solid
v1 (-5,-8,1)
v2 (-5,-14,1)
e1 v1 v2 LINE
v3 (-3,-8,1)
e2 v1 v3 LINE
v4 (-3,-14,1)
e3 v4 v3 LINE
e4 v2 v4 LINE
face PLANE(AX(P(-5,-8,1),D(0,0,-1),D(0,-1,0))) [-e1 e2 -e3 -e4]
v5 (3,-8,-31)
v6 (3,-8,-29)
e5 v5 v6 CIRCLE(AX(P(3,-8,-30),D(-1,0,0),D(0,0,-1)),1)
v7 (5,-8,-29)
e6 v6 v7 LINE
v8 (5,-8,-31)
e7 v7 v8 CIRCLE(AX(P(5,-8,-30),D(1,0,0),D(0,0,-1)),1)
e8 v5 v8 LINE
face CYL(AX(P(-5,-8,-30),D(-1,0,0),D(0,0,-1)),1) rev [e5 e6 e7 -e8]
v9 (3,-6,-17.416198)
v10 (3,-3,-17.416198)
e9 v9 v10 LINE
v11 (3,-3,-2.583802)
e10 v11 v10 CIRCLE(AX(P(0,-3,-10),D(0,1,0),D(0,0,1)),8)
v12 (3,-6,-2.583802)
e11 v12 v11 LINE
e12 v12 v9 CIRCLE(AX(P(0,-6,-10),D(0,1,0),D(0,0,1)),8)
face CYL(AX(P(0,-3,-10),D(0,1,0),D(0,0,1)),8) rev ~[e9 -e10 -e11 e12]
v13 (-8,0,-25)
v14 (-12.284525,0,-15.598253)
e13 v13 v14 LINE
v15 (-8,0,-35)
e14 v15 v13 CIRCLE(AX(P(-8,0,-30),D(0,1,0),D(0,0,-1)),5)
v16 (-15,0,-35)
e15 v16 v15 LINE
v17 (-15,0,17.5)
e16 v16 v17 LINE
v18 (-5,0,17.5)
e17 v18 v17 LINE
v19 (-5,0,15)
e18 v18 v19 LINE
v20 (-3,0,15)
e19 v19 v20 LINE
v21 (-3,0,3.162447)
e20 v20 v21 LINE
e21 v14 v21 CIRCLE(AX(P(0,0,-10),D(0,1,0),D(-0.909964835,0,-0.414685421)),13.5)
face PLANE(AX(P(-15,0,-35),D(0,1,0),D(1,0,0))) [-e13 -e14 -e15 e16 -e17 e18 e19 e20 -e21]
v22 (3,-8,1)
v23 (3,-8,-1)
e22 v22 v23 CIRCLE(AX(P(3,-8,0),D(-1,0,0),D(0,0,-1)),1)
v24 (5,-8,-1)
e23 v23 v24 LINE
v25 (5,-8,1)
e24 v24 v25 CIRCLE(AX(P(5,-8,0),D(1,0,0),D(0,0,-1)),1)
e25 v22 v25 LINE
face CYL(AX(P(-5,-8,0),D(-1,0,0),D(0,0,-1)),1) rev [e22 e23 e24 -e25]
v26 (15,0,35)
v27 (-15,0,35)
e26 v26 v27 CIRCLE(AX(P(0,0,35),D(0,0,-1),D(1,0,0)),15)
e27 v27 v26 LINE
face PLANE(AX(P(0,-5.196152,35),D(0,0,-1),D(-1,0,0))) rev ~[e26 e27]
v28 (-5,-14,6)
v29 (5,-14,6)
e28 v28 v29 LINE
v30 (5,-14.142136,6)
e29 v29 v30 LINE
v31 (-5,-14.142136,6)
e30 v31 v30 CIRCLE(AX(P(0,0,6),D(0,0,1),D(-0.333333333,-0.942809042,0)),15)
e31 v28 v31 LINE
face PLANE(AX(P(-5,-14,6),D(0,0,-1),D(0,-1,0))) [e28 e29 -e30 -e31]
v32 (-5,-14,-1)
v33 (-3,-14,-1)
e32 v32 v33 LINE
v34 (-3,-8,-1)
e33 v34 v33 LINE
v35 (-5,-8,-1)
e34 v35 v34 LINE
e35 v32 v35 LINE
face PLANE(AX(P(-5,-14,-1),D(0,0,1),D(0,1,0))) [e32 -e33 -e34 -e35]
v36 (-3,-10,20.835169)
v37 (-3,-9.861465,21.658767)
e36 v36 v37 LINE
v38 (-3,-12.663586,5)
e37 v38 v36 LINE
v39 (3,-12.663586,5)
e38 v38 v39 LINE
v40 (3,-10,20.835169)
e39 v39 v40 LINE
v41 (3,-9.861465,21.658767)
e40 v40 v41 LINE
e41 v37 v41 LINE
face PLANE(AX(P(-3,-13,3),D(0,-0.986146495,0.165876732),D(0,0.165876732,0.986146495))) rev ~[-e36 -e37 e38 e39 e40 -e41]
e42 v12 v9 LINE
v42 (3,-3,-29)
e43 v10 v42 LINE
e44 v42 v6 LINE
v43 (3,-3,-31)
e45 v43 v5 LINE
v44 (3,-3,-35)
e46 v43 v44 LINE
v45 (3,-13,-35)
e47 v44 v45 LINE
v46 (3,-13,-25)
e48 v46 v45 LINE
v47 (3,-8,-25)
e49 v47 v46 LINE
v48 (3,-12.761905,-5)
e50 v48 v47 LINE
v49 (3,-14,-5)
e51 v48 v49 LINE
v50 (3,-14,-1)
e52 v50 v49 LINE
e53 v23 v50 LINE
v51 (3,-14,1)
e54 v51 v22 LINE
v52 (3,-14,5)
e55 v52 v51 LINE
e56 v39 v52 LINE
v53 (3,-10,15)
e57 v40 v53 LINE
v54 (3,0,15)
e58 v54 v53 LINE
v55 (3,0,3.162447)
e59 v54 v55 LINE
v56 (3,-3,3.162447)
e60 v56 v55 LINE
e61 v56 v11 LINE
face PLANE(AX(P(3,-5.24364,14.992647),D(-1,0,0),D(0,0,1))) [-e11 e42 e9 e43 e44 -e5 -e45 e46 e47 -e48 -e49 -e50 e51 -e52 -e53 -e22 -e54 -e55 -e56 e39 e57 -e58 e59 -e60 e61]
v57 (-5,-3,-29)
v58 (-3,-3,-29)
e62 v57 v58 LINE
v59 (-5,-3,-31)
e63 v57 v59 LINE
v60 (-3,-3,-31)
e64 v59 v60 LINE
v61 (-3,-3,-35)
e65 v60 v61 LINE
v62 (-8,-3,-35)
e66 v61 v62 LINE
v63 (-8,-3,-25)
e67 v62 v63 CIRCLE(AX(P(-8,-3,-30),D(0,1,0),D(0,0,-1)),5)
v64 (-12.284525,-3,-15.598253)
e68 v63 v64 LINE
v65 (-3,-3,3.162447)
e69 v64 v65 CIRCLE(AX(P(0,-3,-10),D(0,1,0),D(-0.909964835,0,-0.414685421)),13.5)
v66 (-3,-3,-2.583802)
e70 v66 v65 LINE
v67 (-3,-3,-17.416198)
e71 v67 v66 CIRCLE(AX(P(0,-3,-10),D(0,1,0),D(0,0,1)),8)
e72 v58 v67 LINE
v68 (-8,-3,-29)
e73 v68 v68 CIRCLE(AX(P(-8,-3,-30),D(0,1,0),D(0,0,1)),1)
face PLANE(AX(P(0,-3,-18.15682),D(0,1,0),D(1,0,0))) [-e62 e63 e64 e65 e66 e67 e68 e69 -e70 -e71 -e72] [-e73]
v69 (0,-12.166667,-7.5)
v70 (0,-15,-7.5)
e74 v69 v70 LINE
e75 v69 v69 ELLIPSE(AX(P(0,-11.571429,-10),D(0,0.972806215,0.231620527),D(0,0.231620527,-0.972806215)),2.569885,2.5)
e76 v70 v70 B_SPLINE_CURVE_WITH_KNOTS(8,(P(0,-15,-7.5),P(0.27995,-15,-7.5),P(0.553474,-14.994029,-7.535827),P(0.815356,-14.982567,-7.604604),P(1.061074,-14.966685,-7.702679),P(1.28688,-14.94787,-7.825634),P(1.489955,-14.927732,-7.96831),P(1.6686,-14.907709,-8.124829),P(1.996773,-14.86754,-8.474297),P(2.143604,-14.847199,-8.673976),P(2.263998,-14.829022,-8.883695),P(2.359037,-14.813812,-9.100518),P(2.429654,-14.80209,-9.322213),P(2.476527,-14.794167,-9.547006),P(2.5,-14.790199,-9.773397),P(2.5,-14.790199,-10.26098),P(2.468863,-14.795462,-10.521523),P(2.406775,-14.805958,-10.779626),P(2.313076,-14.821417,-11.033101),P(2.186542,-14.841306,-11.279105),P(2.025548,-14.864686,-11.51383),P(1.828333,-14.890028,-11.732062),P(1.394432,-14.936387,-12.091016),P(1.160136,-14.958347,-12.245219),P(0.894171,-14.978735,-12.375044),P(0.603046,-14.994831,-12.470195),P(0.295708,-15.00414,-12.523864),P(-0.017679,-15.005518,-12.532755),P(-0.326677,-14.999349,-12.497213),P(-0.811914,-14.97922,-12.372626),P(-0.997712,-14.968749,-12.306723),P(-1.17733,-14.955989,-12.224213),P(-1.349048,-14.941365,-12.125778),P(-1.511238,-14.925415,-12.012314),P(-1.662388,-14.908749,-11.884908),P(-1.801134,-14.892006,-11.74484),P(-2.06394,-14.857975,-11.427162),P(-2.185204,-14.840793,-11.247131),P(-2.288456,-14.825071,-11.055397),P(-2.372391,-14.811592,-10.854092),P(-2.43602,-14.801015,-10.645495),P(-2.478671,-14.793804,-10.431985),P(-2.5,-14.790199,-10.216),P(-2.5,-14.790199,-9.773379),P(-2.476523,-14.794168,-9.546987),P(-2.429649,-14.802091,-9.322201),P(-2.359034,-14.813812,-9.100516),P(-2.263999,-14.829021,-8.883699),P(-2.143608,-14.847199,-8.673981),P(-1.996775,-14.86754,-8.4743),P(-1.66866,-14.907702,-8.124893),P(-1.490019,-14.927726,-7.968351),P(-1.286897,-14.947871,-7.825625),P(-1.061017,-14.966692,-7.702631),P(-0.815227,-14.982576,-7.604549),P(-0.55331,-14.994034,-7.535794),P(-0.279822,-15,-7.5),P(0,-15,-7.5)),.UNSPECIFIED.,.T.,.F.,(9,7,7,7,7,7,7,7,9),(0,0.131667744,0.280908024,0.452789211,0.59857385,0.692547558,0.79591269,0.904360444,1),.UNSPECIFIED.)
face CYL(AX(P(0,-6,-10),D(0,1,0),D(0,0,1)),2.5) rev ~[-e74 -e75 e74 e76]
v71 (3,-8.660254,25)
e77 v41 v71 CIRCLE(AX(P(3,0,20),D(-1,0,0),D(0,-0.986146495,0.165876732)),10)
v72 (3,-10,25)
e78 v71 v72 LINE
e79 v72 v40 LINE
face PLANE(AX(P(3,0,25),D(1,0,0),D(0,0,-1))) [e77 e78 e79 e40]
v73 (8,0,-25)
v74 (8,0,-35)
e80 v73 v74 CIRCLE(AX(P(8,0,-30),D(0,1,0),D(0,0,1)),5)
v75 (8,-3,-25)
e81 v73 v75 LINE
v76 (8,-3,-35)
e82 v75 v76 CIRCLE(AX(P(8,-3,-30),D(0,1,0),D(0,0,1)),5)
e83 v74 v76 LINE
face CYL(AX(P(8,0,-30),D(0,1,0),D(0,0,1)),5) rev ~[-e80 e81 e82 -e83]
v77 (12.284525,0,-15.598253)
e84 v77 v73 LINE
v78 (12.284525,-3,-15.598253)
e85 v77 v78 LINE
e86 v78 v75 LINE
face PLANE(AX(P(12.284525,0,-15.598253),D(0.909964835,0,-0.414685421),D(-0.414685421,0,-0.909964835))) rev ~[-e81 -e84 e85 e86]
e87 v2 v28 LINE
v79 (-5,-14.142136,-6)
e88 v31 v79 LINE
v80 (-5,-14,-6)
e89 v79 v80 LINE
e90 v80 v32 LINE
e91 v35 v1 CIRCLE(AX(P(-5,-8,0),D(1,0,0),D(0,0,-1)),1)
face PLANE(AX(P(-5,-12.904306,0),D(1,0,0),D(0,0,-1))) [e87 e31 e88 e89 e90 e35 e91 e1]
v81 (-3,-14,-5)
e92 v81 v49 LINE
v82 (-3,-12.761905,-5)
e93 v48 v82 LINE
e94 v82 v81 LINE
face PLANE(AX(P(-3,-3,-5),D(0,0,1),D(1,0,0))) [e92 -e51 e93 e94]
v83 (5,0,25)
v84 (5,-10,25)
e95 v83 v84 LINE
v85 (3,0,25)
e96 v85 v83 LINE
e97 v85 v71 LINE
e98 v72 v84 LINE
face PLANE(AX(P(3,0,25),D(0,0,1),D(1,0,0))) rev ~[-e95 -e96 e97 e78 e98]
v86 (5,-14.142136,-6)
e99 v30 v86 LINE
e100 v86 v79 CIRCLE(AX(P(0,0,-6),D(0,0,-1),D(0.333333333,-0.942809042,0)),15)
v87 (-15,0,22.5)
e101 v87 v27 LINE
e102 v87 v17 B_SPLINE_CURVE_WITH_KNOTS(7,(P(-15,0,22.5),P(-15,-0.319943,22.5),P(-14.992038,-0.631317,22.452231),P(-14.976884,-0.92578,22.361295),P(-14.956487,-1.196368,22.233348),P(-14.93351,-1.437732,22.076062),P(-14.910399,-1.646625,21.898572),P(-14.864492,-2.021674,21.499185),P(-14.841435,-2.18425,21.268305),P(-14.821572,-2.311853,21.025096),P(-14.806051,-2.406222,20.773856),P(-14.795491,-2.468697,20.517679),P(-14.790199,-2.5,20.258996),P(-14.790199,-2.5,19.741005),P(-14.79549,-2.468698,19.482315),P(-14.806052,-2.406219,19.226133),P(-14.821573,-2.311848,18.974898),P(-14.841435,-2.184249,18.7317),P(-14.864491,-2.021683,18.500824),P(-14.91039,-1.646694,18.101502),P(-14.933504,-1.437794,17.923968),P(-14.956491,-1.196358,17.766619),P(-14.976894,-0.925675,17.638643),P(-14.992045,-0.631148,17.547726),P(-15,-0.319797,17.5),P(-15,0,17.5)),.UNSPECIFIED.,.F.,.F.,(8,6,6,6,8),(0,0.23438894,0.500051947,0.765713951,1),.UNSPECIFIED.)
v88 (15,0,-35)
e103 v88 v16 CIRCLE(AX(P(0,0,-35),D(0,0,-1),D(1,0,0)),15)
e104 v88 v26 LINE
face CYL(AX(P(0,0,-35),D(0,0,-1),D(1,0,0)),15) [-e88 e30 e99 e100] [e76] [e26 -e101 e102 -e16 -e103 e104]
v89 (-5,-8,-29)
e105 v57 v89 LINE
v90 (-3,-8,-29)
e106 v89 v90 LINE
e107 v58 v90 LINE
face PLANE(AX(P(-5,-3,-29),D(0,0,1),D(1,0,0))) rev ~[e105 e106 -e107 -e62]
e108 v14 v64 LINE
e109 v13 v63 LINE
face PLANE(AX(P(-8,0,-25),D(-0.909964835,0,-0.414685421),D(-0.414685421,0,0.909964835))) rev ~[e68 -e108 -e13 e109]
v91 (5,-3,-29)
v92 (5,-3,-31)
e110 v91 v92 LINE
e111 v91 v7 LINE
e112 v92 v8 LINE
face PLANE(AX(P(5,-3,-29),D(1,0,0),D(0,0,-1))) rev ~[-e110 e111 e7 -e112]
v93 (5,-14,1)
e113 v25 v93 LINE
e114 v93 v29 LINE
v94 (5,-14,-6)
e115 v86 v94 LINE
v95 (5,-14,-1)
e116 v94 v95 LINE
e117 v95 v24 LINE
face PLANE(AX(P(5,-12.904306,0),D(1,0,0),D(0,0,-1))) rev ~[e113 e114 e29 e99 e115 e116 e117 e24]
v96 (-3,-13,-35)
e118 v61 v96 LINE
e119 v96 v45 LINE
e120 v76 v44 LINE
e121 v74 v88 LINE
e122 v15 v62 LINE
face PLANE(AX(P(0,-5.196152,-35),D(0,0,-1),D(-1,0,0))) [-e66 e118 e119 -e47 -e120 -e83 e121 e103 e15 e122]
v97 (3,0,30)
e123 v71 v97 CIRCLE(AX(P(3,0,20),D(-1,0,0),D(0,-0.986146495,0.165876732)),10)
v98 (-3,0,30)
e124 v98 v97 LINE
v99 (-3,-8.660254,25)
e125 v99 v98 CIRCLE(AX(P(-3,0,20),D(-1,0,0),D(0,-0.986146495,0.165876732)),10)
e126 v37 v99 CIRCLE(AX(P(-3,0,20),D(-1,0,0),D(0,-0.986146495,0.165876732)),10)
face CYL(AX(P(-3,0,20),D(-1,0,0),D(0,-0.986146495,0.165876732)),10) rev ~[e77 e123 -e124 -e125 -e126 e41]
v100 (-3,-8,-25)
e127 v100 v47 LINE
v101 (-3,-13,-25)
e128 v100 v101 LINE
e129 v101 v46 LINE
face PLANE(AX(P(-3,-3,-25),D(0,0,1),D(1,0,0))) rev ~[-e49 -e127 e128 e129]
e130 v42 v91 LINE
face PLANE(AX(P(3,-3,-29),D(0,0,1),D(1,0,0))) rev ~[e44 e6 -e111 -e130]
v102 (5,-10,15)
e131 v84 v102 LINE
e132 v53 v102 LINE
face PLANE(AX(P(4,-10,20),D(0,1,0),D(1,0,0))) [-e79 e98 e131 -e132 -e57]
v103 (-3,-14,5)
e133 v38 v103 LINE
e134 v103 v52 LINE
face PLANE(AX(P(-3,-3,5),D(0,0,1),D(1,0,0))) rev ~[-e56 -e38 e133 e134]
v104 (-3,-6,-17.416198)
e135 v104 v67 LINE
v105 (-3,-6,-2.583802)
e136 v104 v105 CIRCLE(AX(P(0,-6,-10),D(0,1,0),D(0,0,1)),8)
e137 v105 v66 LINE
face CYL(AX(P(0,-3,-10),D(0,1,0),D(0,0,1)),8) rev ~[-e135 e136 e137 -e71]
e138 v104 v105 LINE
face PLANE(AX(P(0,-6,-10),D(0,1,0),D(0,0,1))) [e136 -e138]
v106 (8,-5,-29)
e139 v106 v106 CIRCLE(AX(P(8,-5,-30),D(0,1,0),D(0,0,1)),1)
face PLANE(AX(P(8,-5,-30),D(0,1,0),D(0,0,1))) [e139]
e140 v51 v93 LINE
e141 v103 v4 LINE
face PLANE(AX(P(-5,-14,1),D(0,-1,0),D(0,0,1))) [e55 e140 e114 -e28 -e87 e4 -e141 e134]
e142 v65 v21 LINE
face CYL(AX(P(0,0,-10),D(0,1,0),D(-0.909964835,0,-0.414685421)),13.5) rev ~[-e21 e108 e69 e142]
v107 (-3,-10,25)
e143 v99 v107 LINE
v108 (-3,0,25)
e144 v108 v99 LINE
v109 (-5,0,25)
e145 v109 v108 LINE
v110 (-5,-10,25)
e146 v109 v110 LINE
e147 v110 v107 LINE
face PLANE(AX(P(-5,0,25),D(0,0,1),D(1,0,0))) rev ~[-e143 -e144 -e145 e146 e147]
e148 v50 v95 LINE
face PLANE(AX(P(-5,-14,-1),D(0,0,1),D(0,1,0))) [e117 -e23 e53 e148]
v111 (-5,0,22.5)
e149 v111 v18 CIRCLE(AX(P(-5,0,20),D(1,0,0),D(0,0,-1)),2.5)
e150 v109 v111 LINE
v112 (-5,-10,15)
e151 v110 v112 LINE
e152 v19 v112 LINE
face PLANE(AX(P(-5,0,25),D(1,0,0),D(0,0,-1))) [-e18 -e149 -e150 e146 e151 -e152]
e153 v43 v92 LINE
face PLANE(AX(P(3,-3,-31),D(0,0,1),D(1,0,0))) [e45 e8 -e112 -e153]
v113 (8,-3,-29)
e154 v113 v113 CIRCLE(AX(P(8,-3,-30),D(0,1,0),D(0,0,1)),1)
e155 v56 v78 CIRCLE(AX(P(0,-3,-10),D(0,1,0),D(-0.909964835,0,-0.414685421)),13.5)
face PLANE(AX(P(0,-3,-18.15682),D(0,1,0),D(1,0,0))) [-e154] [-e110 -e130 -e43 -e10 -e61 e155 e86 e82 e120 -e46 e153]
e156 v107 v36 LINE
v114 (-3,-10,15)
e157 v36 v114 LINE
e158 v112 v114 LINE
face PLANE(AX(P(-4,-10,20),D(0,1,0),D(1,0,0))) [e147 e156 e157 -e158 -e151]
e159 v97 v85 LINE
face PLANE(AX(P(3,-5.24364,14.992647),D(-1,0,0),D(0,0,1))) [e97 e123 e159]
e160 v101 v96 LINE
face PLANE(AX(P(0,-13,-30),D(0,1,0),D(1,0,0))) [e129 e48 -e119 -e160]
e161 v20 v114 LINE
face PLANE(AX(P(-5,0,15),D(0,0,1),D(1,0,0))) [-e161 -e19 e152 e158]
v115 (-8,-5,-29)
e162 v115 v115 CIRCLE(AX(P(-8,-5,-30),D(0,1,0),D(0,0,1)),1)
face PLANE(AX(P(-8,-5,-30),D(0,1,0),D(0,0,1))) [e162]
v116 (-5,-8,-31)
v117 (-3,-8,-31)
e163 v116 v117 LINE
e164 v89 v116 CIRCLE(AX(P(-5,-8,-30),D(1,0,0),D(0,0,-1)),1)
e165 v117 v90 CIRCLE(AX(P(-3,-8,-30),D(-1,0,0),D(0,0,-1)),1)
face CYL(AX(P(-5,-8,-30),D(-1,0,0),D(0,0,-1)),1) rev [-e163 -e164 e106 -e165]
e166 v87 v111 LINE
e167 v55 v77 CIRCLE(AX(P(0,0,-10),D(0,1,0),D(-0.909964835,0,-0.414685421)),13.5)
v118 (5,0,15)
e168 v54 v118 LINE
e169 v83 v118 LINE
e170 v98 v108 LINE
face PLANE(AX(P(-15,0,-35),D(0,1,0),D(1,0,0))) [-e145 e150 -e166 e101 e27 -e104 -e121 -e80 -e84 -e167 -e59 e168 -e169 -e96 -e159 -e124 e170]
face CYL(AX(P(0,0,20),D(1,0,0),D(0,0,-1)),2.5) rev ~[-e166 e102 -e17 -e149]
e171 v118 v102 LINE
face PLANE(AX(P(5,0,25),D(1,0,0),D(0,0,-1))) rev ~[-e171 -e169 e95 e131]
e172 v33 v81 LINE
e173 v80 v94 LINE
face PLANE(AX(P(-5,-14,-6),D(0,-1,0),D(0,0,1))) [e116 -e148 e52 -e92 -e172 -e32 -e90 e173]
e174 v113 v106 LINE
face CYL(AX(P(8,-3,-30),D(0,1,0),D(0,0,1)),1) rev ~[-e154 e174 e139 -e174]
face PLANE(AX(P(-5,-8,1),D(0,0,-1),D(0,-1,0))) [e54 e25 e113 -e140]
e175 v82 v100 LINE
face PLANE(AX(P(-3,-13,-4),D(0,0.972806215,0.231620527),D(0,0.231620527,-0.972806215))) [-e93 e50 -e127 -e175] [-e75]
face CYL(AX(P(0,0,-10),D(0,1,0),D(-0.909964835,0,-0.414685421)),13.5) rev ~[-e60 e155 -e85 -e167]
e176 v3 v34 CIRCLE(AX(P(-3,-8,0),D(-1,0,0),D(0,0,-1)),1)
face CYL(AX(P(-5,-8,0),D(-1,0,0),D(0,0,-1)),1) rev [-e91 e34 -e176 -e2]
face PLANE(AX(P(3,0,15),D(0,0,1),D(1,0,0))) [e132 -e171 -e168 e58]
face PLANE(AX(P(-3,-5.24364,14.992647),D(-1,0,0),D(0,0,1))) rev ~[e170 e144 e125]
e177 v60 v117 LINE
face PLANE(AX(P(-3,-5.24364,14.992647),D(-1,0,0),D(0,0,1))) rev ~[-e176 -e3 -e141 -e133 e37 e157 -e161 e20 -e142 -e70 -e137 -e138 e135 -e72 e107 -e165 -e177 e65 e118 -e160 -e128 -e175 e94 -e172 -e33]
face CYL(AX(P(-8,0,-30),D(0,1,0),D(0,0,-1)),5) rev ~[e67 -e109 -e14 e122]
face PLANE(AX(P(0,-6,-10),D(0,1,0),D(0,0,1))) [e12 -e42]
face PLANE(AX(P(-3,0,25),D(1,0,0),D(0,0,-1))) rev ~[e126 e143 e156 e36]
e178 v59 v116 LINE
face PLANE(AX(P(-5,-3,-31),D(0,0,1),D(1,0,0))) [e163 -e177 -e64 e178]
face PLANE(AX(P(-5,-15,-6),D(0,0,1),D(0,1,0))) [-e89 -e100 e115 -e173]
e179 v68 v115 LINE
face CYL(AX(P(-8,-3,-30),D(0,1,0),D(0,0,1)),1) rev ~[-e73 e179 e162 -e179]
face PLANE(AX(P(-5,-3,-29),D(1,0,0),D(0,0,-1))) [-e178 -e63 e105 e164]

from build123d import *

# Parameters (mm, degrees)
SALIENTE_EXTRUIR1_DEPTH      = 35
SALIENTE_EXTRUIR1_DEPTH_BACK = 35
CORTAR_EXTRUIR1_DEPTH        = 3
CROQUIS4_R                   = 8
CORTAR_EXTRUIR2_DEPTH        = 3
CROQUIS5_R                   = 2.5
CORTAR_EXTRUIR3_DEPTH        = 10
CROQUIS6_W                   = 6
CROQUIS6_H                   = 10
CORTAR_EXTRUIR5_DEPTH        = 10
CROQUIS7_W                   = 2
CROQUIS7_H                   = 2
CORTAR_EXTRUIR6_DEPTH        = 5
CROQUIS8_R                   = 1
CORTAR_EXTRUIR7_DEPTH        = 2
CROQUIS9_W                   = 6
CROQUIS9_H                   = 10
CORTAR_EXTRUIR8_DEPTH        = 12
CORTAR_EXTRUIR9_DEPTH        = 5
CORTAR_EXTRUIR9_DEPTH_BACK   = 5
CROQUIS10_R                  = 1
CORTAR_EXTRUIR10_DEPTH       = 5
CORTAR_EXTRUIR10_DEPTH_BACK  = 5
CORTAR_EXTRUIR11_DEPTH       = 3
CORTAR_EXTRUIR11_DEPTH_BACK  = 3
CROQUIS15_R                  = 2.5
CORTAR_EXTRUIR12_DEPTH       = 15
CROQUIS14_W                  = 2
CROQUIS14_H                  = 10
CORTAR_EXTRUIR13_DEPTH       = 10


with BuildPart() as part:
    # Croquis1 → Saliente-Extruir1 (new, two sides: drawn at the far end of the back side and taken through both)
    with BuildSketch(Plane.XY.offset(-SALIENTE_EXTRUIR1_DEPTH_BACK)):
        with BuildLine():
            Line((-15, 0), (15, 0))
            ThreePointArc((15, 0), (0, -15), (-15, 0))
        make_face()
    extrude(amount=SALIENTE_EXTRUIR1_DEPTH + SALIENTE_EXTRUIR1_DEPTH_BACK)

    # Croquis3 → Cortar-Extruir1 (cut)
    with BuildSketch(Plane(origin=(0, 0, 0), x_dir=(1, 0, 0), z_dir=(0, 1, 0))):
        with BuildLine():
            Line((-8, 25), (-12.284525276, 15.598253186))
            ThreePointArc((-12.284525276, 15.598253186), (0, -3.5), (12.284525276, 15.598253186))
            Line((12.284525276, 15.598253186), (8, 25))
            ThreePointArc((8, 25), (13, 30), (8, 35))
            Line((8, 35), (-8, 35))
            ThreePointArc((-8, 35), (-13, 30), (-8, 25))
        make_face()
    extrude(amount=-CORTAR_EXTRUIR1_DEPTH, mode=Mode.SUBTRACT)

    # Croquis4 → Cortar-Extruir2 (cut)
    with BuildSketch(Plane(origin=(0, -3, 0), x_dir=(1, 0, 0), z_dir=(0, 1, 0))):
        with Locations((0, 10)):
            Circle(CROQUIS4_R)
    extrude(amount=-CORTAR_EXTRUIR2_DEPTH, mode=Mode.SUBTRACT)

    # Croquis5 → Cortar-Extruir3 (cut)
    with BuildSketch(Plane(origin=(0, -6, 0), x_dir=(1, 0, 0), z_dir=(0, 1, 0))):
        with Locations((0, 10)):
            Circle(CROQUIS5_R)
    extrude(amount=-CORTAR_EXTRUIR3_DEPTH, mode=Mode.SUBTRACT)

    # Croquis6 → Cortar-Extruir5 (cut)
    with BuildSketch(Plane(origin=(0, -3, 0), x_dir=(1, 0, 0), z_dir=(0, 1, 0))):
        with Locations((0, 30)):
            Rectangle(CROQUIS6_W, CROQUIS6_H)
    extrude(amount=-CORTAR_EXTRUIR5_DEPTH, mode=Mode.SUBTRACT)

    # Croquis7 → Cortar-Extruir6 (cut)
    with BuildSketch(Plane(origin=(0, -3, 0), x_dir=(1, 0, 0), z_dir=(0, 1, 0))):
        with Locations((-4, 30)):
            Rectangle(CROQUIS7_W, CROQUIS7_H)
        with Locations((4, 30)):
            Rectangle(CROQUIS7_W, CROQUIS7_H)
    extrude(amount=-CORTAR_EXTRUIR6_DEPTH, mode=Mode.SUBTRACT)

    # Croquis8 → Cortar-Extruir7 (cut)
    with BuildSketch(Plane(origin=(0, -3, 0), x_dir=(1, 0, 0), z_dir=(0, 1, 0))):
        with Locations((-8, 30)):
            Circle(CROQUIS8_R)
        with Locations((8, 30)):
            Circle(CROQUIS8_R)
    extrude(amount=-CORTAR_EXTRUIR7_DEPTH, mode=Mode.SUBTRACT)

    # Croquis9 → Cortar-Extruir8 (cut)
    with BuildSketch(Plane(origin=(0, -3, 0), x_dir=(1, 0, 0), z_dir=(0, 1, 0))):
        Rectangle(CROQUIS9_W, CROQUIS9_H)
    extrude(amount=-CORTAR_EXTRUIR8_DEPTH, mode=Mode.SUBTRACT)

    # Croquis10 → Cortar-Extruir9 (cut, two sides: drawn at the far end of the back side and taken through both)
    with BuildSketch(Plane(origin=(0, 0, 0), x_dir=(0, 0, -1), z_dir=(1, 0, 0)).offset(-CORTAR_EXTRUIR9_DEPTH_BACK)):
        with Locations((30, -8)):
            Circle(CROQUIS10_R)
    extrude(amount=CORTAR_EXTRUIR9_DEPTH + CORTAR_EXTRUIR9_DEPTH_BACK, mode=Mode.SUBTRACT)

    # Croquis11 → Cortar-Extruir10 (cut, two sides: drawn at the far end of the back side and taken through both)
    with BuildSketch(Plane(origin=(0, 0, 0), x_dir=(0, 0, -1), z_dir=(1, 0, 0)).offset(-CORTAR_EXTRUIR10_DEPTH_BACK)):
        with BuildLine():
            Line((-6, -15), (6, -15))
            Line((6, -15), (6, -14))
            Line((6, -14), (1, -14))
            Line((1, -14), (1, -8))
            ThreePointArc((1, -8), (0, -7), (-1, -8))
            Line((-1, -8), (-1, -14))
            Line((-1, -14), (-6, -14))
            Line((-6, -14), (-6, -15))
        make_face()
    extrude(amount=CORTAR_EXTRUIR10_DEPTH + CORTAR_EXTRUIR10_DEPTH_BACK, mode=Mode.SUBTRACT)

    # Croquis12 → Cortar-Extruir11 (cut, two sides: drawn at the far end of the back side and taken through both)
    with BuildSketch(Plane(origin=(0, 0, 0), x_dir=(0, 0, -1), z_dir=(1, 0, 0)).offset(-CORTAR_EXTRUIR11_DEPTH_BACK)):
        with BuildLine():
            Line((-3, -13), (-21.658767316, -9.861464952))
            ThreePointArc((-21.658767316, -9.861464952), (-27.635040051, -6.458030924), (-30, 0))
            Line((-30, 0), (-3, 0))
            Line((-3, 0), (-3, -13))
        make_face()
        Polygon((25, -8), (25, -3), (4, -3), (4, -13), align=None)
    extrude(amount=CORTAR_EXTRUIR11_DEPTH + CORTAR_EXTRUIR11_DEPTH_BACK, mode=Mode.SUBTRACT)

    # Croquis15 → Cortar-Extruir12 (cut)
    with BuildSketch(Plane(origin=(0, 0, 0), x_dir=(0, 0, -1), z_dir=(1, 0, 0))):
        with Locations((-20, 0)):
            Circle(CROQUIS15_R)
    extrude(amount=-CORTAR_EXTRUIR12_DEPTH, mode=Mode.SUBTRACT)

    # Croquis14 → Cortar-Extruir13 (cut)
    with BuildSketch(Plane(origin=(0, 0, 0), x_dir=(1, 0, 0), z_dir=(0, 1, 0))):
        with Locations((4, -20)):
            Rectangle(CROQUIS14_W, CROQUIS14_H)
        with Locations((-4, -20)):
            Rectangle(CROQUIS14_W, CROQUIS14_H)
    extrude(amount=-CORTAR_EXTRUIR13_DEPTH, mode=Mode.SUBTRACT)


solid = part.part
